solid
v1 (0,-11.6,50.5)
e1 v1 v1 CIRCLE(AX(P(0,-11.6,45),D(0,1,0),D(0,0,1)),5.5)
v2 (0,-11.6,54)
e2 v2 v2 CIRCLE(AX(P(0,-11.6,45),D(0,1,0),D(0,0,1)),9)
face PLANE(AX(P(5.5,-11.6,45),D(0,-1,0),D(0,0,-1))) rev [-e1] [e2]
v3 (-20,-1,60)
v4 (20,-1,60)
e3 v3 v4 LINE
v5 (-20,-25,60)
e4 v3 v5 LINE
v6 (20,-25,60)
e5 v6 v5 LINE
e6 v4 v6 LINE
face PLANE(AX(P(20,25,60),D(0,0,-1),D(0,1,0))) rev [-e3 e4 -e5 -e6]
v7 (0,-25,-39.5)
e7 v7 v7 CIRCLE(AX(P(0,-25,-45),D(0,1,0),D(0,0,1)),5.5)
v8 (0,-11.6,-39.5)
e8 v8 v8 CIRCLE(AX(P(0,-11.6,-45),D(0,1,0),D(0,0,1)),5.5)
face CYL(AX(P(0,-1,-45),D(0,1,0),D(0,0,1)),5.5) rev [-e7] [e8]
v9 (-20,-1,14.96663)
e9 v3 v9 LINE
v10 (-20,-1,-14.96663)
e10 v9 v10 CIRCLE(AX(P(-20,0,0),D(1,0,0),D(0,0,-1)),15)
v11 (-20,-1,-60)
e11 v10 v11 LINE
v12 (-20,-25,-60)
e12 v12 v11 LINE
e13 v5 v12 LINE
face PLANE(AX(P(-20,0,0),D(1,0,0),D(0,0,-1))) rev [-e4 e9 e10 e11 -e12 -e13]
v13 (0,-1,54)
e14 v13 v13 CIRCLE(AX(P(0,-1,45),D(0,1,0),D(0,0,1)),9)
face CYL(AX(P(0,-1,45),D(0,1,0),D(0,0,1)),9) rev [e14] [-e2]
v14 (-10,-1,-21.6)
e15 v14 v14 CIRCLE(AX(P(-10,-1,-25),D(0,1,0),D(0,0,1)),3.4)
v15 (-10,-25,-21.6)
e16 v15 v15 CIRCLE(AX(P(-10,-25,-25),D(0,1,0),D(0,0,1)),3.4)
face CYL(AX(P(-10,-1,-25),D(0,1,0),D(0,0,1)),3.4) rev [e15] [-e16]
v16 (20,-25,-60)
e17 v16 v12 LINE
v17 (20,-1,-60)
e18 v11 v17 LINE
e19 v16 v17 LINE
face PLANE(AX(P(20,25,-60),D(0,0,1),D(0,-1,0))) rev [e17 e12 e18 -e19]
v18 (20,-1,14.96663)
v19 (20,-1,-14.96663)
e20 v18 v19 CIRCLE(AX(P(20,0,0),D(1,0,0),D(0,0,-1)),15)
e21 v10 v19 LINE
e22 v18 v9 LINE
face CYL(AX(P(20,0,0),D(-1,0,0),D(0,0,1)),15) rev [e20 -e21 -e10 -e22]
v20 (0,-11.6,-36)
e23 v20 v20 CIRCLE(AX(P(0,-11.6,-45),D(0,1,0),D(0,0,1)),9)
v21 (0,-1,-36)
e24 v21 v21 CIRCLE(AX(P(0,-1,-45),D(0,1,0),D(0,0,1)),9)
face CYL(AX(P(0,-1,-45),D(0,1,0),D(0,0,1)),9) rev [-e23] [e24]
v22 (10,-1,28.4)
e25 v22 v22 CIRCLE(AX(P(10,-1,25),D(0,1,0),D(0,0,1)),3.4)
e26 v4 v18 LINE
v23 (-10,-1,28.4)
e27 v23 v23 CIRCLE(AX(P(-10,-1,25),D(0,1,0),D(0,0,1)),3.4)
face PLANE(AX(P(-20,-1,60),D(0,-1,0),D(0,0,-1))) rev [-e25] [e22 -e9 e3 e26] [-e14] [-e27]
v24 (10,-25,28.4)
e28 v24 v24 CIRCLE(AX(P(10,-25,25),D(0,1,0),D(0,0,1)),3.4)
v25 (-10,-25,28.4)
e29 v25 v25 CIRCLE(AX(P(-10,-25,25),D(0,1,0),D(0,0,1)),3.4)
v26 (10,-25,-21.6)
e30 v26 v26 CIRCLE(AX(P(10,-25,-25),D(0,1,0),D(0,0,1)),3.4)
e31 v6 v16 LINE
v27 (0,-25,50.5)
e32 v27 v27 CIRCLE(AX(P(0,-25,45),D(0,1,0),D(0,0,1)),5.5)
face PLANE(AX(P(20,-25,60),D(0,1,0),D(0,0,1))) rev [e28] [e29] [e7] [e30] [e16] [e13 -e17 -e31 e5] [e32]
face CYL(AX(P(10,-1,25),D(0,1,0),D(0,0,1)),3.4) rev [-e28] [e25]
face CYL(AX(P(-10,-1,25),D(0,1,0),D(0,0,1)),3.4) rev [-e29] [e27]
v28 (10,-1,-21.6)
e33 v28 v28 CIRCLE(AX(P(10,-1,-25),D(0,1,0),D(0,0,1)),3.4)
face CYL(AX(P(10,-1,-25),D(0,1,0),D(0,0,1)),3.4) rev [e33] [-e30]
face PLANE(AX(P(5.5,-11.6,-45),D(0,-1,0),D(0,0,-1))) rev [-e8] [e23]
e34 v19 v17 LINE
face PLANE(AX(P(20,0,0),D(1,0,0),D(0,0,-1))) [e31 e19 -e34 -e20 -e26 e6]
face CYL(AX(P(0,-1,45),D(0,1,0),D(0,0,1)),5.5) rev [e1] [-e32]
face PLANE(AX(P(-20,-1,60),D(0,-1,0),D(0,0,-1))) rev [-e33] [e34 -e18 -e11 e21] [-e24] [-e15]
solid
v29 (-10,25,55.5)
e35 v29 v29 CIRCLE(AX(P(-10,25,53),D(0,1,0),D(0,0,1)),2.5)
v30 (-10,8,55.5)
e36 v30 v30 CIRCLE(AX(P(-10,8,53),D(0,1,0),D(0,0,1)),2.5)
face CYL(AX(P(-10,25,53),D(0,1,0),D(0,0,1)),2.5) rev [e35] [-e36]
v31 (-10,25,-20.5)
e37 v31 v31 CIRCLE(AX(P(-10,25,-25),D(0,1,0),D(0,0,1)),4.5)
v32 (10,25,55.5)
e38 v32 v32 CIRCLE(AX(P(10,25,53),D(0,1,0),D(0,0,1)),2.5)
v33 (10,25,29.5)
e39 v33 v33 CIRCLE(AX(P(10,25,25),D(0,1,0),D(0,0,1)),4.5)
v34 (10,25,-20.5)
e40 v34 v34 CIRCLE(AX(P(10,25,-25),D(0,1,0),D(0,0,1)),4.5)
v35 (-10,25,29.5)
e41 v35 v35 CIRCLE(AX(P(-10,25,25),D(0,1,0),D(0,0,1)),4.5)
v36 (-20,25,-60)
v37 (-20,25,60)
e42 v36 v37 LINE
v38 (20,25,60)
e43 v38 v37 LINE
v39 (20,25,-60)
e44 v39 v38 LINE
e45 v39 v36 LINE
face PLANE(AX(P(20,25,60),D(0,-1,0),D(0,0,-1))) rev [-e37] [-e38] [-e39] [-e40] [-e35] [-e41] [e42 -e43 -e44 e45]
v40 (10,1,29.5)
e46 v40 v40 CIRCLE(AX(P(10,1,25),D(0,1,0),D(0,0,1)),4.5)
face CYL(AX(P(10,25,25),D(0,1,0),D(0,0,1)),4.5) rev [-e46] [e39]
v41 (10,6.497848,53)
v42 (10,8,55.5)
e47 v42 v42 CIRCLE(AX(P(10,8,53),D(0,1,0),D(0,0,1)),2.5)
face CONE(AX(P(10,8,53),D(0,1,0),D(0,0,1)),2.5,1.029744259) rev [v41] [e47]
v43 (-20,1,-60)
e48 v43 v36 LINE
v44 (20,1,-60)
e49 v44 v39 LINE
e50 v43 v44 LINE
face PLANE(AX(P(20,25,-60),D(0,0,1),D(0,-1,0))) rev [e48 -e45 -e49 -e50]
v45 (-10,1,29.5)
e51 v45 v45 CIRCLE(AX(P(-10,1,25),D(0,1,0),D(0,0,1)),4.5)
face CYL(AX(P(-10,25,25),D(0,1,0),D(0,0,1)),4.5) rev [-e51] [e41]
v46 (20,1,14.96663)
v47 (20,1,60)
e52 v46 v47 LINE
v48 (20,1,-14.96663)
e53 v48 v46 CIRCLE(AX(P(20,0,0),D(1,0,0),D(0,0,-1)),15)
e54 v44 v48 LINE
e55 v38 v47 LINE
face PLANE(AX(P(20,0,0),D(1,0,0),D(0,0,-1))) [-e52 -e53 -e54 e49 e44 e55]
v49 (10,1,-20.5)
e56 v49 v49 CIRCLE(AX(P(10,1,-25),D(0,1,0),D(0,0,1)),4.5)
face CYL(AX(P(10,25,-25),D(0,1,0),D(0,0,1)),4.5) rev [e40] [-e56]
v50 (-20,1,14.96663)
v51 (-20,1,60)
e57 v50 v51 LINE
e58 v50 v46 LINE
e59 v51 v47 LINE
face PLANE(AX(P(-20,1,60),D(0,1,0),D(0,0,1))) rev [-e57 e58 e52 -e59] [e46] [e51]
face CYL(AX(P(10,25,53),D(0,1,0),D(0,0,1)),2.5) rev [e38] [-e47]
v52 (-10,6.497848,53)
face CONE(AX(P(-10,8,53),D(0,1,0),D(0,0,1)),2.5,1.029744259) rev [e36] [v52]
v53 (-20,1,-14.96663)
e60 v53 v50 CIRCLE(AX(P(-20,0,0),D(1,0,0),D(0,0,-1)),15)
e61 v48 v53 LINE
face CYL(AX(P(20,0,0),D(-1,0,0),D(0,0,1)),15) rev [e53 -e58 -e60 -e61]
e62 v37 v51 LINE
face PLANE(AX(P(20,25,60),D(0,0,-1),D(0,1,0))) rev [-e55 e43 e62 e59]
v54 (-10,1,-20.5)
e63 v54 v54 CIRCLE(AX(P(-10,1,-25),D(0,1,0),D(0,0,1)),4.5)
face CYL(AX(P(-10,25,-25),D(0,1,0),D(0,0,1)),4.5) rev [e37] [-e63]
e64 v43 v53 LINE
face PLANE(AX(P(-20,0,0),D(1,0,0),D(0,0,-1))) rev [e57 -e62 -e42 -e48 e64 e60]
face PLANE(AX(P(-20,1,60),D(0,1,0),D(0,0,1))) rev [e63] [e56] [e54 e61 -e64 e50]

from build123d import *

# Parameters (mm, degrees)
SKIZZE1_W                                    = 120
SKIZZE1_H                                    = 50
SKIZZE1_R                                    = 15
AUFSATZ_LINEAR_AUSTRAGEN1_DEPTH              = 20
SKIZZE2_W                                    = 120
SKIZZE2_H                                    = 2
SCHNITT_LINEAR_AUSTRAGEN1_DEPTH              = 77.321687612
SKIZZE3_W                                    = 3.4
SKIZZE3_H                                    = 24
M8_GEWINDEBOHRUNG1_AT_2_COUNT                = 2
M8_GEWINDEBOHRUNG1_AT_2_PITCH                = 50
M8_GEWINDEBOHRUNG1_AT_3_COUNT                = 2
M8_GEWINDEBOHRUNG1_AT_3_PITCH                = 53.851648071
M8_GEWINDEBOHRUNG1_AT_4_COUNT                = 2
M8_GEWINDEBOHRUNG1_AT_4_PITCH                = 20
F_9_0_9_DURCHMESSER_BOHRUNG1_AT_2_COUNT      = 2
F_9_0_9_DURCHMESSER_BOHRUNG1_AT_2_PITCH      = 50
F_9_0_9_DURCHMESSER_BOHRUNG1_AT_3_COUNT      = 2
F_9_0_9_DURCHMESSER_BOHRUNG1_AT_3_PITCH      = 53.851648071
F_9_0_9_DURCHMESSER_BOHRUNG1_AT_4_COUNT      = 2
F_9_0_9_DURCHMESSER_BOHRUNG1_AT_4_PITCH      = 20
STIRNSENKUNG_F_R_M10_ZYLINDERSCHRAUB_2_COUNT = 2
STIRNSENKUNG_F_R_M10_ZYLINDERSCHRAUB_2_PITCH = 90
M6_GEWINDEBOHRUNG1_AT_2_COUNT                = 2
M6_GEWINDEBOHRUNG1_AT_2_PITCH                = 20


with BuildPart() as part:
    # Skizze1 → Aufsatz-Linear austragen1 (new, symmetric)
    with BuildSketch(Plane(origin=(0, 0, 0), x_dir=(0, 0, -1), z_dir=(1, 0, 0))):
        Rectangle(SKIZZE1_W, SKIZZE1_H)
        Circle(SKIZZE1_R, mode=Mode.SUBTRACT)
    extrude(amount=AUFSATZ_LINEAR_AUSTRAGEN1_DEPTH, both=True)

    # Skizze2 → Schnitt-Linear austragen1 (cut, through all)
    with BuildSketch(Plane(origin=(20, 0, 0), x_dir=(0, 0, -1), z_dir=(1, 0, 0))):
        Rectangle(SKIZZE2_W, SKIZZE2_H)
    extrude(amount=-SCHNITT_LINEAR_AUSTRAGEN1_DEPTH, mode=Mode.SUBTRACT)


with BuildPart() as schnitt_linear_austragen1_piece_1:
    # of the separate pieces the step leaves, piece 1, a body of its own (schnitt_linear_austragen1_pieces)
    add(part.part.solids().sort_by_distance((-20, 25, 60))[0])

    # Skizze5 → Ø9.0 (9) Durchmesser Bohrung1 (revolve, cut)
    with BuildSketch(Plane(origin=(-10, 25, 25), x_dir=(0, 0, 1), z_dir=(1, 0, 0))):
        Polygon((0, 0), (0, 27.703872786), (4.5, 25), (4.5, 0), align=None)
    f_9_0_9_durchmesser_bohrung1 = revolve(axis=Axis((-10, 31.35, 25), (0, -1, 0)), mode=Mode.SUBTRACT)

    # Ø9.0 (9) Durchmesser Bohrung1 at 2: Ø9.0 (9) Durchmesser Bohrung1 ×2
    with Locations(*[(0, 0, -i * F_9_0_9_DURCHMESSER_BOHRUNG1_AT_2_PITCH) for i in range(1, F_9_0_9_DURCHMESSER_BOHRUNG1_AT_2_COUNT)]):
        add(f_9_0_9_durchmesser_bohrung1, mode=Mode.SUBTRACT)

    # Ø9.0 (9) Durchmesser Bohrung1 at 3: Ø9.0 (9) Durchmesser Bohrung1 ×2
    with Locations(*[Vector(0.3713906763541037, 0, -0.9284766908852593) * (i * F_9_0_9_DURCHMESSER_BOHRUNG1_AT_3_PITCH) for i in range(1, F_9_0_9_DURCHMESSER_BOHRUNG1_AT_3_COUNT)]):
        add(f_9_0_9_durchmesser_bohrung1, mode=Mode.SUBTRACT)

    # Ø9.0 (9) Durchmesser Bohrung1 at 4: Ø9.0 (9) Durchmesser Bohrung1 ×2
    with Locations(*[(i * F_9_0_9_DURCHMESSER_BOHRUNG1_AT_4_PITCH, 0, 0) for i in range(1, F_9_0_9_DURCHMESSER_BOHRUNG1_AT_4_COUNT)]):
        add(f_9_0_9_durchmesser_bohrung1, mode=Mode.SUBTRACT)

    # Skizze9 → M6 Gewindebohrung1 (revolve, cut)
    with BuildSketch(Plane(origin=(-10, 25, 53), x_dir=(0, 0, 1), z_dir=(1, 0, 0))):
        Polygon((0, 0), (0, 18.502151548), (2.5, 17), (2.5, 0), align=None)
    m6_gewindebohrung1 = revolve(axis=Axis((-10, 31.35, 53), (0, -1, 0)), mode=Mode.SUBTRACT)

    # M6 Gewindebohrung1 at 2: M6 Gewindebohrung1 ×2
    with Locations(*[(i * M6_GEWINDEBOHRUNG1_AT_2_PITCH, 0, 0) for i in range(1, M6_GEWINDEBOHRUNG1_AT_2_COUNT)]):
        add(m6_gewindebohrung1, mode=Mode.SUBTRACT)


with BuildPart() as schnitt_linear_austragen1_piece_2:
    # of the separate pieces the step leaves, piece 2, a body of its own (schnitt_linear_austragen1_pieces)
    add(part.part.solids().sort_by_distance((-20, -25, 60))[0])

    # Skizze3 → M8 Gewindebohrung1 (revolve, cut)
    with BuildSketch(Plane(origin=(10, -1, 25), x_dir=(0, 0, 1), z_dir=(1, 0, 0))):
        with Locations((1.7, 12)):
            Rectangle(SKIZZE3_W, SKIZZE3_H)
    m8_gewindebohrung1 = revolve(axis=Axis((10, 5.35, 25), (0, -1, 0)), mode=Mode.SUBTRACT)

    # M8 Gewindebohrung1 at 2: M8 Gewindebohrung1 ×2
    with Locations(*[(0, 0, -i * M8_GEWINDEBOHRUNG1_AT_2_PITCH) for i in range(1, M8_GEWINDEBOHRUNG1_AT_2_COUNT)]):
        add(m8_gewindebohrung1, mode=Mode.SUBTRACT)

    # M8 Gewindebohrung1 at 3: M8 Gewindebohrung1 ×2
    with Locations(*[Vector(-0.3713906763541038, 0, -0.9284766908852593) * (i * M8_GEWINDEBOHRUNG1_AT_3_PITCH) for i in range(1, M8_GEWINDEBOHRUNG1_AT_3_COUNT)]):
        add(m8_gewindebohrung1, mode=Mode.SUBTRACT)

    # M8 Gewindebohrung1 at 4: M8 Gewindebohrung1 ×2
    with Locations(*[(-i * M8_GEWINDEBOHRUNG1_AT_4_PITCH, 0, 0) for i in range(1, M8_GEWINDEBOHRUNG1_AT_4_COUNT)]):
        add(m8_gewindebohrung1, mode=Mode.SUBTRACT)

    # Skizze7 → Stirnsenkung für M10 Zylinderschraube mit Innensechskant2 (revolve, cut)
    with BuildSketch(Plane(origin=(0, -1, 45), x_dir=(0, 0, 1), z_dir=(1, 0, 0))):
        Polygon((0, 0), (0, 24), (5.5, 24), (5.5, 10.6), (9, 10.6), (9, 0), align=None)
    stirnsenkung_f_r_m10_zylinderschraube_mi = revolve(axis=Axis((0, 5.35, 45), (0, -1, 0)), mode=Mode.SUBTRACT)

    # Stirnsenkung f_r M10 Zylinderschraub 2: Stirnsenkung für M10 Zylinderschraube mit Innensechskant2 ×2
    with Locations(*[(0, 0, -i * STIRNSENKUNG_F_R_M10_ZYLINDERSCHRAUB_2_PITCH) for i in range(1, STIRNSENKUNG_F_R_M10_ZYLINDERSCHRAUB_2_COUNT)]):
        add(stirnsenkung_f_r_m10_zylinderschraube_mi, mode=Mode.SUBTRACT)


solid = Compound([schnitt_linear_austragen1_piece_1.part, schnitt_linear_austragen1_piece_2.part])
